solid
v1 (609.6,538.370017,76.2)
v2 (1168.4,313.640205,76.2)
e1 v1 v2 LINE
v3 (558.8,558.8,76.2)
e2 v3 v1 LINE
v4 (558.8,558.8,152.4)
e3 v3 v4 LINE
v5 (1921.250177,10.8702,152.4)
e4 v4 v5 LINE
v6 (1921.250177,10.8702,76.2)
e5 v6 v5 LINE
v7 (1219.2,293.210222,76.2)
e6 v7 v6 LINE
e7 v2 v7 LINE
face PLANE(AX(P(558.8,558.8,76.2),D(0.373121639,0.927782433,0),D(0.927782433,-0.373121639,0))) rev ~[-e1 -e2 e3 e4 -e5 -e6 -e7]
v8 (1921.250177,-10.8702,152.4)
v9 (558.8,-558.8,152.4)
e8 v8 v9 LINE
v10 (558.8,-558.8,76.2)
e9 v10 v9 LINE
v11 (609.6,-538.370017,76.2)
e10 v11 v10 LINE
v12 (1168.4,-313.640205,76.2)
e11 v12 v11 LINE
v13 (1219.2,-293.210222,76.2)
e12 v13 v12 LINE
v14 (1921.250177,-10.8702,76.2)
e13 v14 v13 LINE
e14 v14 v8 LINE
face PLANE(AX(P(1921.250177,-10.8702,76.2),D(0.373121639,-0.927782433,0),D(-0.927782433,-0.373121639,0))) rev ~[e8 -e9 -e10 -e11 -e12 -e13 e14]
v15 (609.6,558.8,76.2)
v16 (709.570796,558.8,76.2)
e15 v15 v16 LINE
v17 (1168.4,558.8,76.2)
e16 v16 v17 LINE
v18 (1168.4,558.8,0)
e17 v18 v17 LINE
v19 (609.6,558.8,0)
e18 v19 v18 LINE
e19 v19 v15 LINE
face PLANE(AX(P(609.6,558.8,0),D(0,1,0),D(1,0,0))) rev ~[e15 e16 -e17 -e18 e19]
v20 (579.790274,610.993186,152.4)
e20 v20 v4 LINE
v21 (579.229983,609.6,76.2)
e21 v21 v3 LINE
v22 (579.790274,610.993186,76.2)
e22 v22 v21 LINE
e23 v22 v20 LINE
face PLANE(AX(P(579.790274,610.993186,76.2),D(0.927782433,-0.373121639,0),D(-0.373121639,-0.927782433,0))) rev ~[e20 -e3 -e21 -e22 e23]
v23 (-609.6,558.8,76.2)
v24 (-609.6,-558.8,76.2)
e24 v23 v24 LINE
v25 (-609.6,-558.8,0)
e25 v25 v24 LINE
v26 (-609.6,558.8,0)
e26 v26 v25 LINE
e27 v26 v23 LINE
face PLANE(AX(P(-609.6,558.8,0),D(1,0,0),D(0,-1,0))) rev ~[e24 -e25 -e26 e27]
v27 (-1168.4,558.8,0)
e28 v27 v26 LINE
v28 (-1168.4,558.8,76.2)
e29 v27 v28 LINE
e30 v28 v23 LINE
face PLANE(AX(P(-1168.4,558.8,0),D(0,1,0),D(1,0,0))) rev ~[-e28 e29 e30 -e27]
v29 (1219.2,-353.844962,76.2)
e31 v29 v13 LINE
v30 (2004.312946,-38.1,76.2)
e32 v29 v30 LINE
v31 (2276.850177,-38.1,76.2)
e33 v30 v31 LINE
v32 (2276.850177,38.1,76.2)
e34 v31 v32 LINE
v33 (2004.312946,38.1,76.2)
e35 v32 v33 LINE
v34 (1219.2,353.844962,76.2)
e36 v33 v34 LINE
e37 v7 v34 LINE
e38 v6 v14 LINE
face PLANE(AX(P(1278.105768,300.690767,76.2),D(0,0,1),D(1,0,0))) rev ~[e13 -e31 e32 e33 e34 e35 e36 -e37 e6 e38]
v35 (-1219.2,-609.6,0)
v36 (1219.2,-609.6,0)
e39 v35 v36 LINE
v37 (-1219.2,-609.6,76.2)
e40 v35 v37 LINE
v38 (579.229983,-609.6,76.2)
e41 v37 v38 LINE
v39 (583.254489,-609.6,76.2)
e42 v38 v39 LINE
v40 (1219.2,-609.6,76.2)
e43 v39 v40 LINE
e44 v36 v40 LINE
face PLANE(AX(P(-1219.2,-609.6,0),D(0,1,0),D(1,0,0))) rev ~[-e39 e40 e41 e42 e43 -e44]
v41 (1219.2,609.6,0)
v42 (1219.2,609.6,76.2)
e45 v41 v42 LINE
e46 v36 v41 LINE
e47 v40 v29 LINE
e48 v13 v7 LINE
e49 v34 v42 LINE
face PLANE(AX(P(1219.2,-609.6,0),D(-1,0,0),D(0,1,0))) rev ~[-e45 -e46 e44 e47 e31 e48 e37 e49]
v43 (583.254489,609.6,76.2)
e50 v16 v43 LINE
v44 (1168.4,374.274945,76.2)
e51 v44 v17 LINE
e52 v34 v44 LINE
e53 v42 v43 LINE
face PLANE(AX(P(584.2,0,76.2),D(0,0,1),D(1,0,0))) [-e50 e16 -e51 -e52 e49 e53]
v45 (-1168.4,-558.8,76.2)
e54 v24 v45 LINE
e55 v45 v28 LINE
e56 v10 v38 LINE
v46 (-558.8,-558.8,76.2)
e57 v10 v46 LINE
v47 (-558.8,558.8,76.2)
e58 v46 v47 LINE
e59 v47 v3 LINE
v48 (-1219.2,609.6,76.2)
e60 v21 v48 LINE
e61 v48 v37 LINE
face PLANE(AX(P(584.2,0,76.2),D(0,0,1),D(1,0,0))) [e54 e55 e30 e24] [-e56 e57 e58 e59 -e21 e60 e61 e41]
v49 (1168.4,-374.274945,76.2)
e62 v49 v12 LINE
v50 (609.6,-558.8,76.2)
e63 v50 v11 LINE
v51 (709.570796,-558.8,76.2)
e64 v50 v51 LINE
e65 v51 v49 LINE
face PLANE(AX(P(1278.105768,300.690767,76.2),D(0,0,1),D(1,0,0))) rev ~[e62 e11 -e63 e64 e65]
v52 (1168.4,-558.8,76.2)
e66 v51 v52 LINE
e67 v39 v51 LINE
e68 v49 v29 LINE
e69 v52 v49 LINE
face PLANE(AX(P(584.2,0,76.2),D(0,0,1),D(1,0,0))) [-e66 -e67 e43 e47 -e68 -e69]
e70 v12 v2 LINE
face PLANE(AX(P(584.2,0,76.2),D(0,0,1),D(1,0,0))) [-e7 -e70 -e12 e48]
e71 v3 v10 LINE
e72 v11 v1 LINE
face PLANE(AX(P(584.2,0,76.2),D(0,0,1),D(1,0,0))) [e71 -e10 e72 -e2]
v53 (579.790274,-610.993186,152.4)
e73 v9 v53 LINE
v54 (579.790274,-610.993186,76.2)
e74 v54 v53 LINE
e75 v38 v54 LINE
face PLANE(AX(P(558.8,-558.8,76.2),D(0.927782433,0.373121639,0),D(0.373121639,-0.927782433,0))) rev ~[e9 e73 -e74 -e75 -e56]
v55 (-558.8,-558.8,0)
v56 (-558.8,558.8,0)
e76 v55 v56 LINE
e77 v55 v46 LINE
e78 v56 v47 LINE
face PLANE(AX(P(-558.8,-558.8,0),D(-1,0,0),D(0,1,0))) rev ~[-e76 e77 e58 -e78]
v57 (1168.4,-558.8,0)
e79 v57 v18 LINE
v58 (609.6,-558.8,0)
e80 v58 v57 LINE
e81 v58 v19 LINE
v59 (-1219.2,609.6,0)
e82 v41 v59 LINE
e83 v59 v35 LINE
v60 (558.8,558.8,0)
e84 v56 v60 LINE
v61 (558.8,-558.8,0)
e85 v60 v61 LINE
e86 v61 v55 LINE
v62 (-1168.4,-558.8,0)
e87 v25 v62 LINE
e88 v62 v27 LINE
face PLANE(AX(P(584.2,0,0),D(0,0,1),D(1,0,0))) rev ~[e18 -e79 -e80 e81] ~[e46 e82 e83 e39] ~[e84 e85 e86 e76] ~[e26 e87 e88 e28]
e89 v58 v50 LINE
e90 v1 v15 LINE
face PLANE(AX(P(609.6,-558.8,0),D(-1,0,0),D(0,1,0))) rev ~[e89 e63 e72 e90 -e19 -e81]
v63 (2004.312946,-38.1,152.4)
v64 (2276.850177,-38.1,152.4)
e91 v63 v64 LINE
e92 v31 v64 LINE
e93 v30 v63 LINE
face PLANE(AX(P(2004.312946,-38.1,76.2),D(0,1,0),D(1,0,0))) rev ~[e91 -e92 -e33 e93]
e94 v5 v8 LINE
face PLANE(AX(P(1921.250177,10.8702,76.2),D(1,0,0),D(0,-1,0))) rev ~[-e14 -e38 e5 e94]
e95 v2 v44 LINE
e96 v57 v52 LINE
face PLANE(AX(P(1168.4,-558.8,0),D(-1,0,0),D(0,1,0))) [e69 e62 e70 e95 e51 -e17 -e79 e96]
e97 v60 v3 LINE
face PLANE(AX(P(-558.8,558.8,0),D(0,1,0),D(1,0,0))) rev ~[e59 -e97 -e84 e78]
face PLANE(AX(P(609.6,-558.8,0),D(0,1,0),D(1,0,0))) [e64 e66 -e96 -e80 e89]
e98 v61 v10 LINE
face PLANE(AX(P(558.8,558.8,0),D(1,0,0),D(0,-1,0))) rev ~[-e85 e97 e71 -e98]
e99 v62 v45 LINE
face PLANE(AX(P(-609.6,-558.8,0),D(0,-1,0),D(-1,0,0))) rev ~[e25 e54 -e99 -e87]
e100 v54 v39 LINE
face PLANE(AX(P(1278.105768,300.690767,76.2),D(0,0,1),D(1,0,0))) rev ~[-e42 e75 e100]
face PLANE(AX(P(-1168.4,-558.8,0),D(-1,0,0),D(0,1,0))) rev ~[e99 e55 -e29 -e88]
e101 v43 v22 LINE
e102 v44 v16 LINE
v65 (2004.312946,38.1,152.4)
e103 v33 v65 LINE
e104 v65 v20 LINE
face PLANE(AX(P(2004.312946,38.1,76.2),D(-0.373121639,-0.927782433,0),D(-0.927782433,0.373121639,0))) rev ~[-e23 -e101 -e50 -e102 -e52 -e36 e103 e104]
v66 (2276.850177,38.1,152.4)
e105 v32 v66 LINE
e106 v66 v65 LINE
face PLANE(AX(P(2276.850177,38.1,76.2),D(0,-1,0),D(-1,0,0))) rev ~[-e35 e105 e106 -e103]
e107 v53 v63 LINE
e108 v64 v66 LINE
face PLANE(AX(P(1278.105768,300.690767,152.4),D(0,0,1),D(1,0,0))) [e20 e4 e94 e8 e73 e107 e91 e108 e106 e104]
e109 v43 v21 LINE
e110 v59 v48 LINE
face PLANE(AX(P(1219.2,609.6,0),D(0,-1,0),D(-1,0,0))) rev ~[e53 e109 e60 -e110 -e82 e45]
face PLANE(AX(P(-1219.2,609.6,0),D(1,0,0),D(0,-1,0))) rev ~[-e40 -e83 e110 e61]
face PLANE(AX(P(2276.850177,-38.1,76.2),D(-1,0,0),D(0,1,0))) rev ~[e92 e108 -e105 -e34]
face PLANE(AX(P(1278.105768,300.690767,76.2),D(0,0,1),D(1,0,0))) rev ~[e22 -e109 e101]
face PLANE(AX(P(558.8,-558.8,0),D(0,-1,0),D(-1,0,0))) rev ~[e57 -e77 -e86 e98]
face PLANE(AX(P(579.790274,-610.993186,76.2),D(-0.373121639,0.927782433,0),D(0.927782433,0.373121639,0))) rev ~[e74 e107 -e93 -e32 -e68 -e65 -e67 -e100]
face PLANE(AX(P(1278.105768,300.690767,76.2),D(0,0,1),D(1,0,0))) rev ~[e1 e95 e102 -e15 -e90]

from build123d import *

# Parameters (mm, degrees)
F0_W     = 50.8
F0_H     = 1117.6
F0_H_2   = 50.8
F0_W_2   = 558.8
F0_W_3   = 1117.6
F1_DEPTH = 76.2
F3_DEPTH = 76.2


with BuildPart() as f1:
    # F0 (on Top) → F1 (new body)
    with BuildSketch(Plane.XY):
        with Locations((584.2, 0)):
            Rectangle(F0_W, F0_H)
        with Locations((584.2, -584.2)):
            Rectangle(F0_W, F0_H_2)
        with Locations((889, -584.2)):
            Rectangle(F0_W_2, F0_H_2)
        with Locations((0, -584.2)):
            Rectangle(F0_W_3, F0_H_2)
        with Locations((-584.2, -584.2)):
            Rectangle(F0_W, F0_H_2)
        with Locations((-584.2, 0)):
            Rectangle(F0_W, F0_H)
        with Locations((-889, -584.2)):
            Rectangle(F0_W_2, F0_H_2)
        with Locations((-1193.8, -584.2)):
            Rectangle(F0_W, F0_H_2)
        with Locations((-1193.8, 0)):
            Rectangle(F0_W, F0_H)
        with Locations((-1193.8, 584.2)):
            Rectangle(F0_W, F0_H_2)
        with Locations((-889, 584.2)):
            Rectangle(F0_W_2, F0_H_2)
        with Locations((0, 584.2)):
            Rectangle(F0_W_3, F0_H_2)
        with Locations((-584.2, 584.2)):
            Rectangle(F0_W, F0_H_2)
        with Locations((584.2, 584.2)):
            Rectangle(F0_W, F0_H_2)
        with Locations((889, 584.2)):
            Rectangle(F0_W_2, F0_H_2)
        with Locations((1193.8, 584.2)):
            Rectangle(F0_W, F0_H_2)
        with Locations((1193.8, 0)):
            Rectangle(F0_W, F0_H)
        with Locations((1193.8, -584.2)):
            Rectangle(F0_W, F0_H_2)
    extrude(amount=F1_DEPTH)

    # F2 (on face) → F3 (join)
    with BuildSketch(Plane.XY.offset(76.2)):
        Polygon((579.7902736313, 610.9931861274), (558.8, 558.8), (1921.2501768745, 10.8702002789), (1921.2501768745, 38.1), (2004.3129463656, 38.1), align=None)
        Polygon((1921.2501768745, 38.1), (1921.2501768745, 10.8702002789), (1948.2793807983, 0), (1921.2501768745, -10.8702002789), (1921.2501768745, -38.1), (2004.3129463656, -38.1), (2099.0501768745, 0), (2004.3129463656, 38.1), align=None)
        Polygon((1948.2793807983, 0), (1921.2501768745, 10.8702002789), (1921.2501768745, -10.8702002789), align=None)
        Polygon((1921.2501768745, -38.1), (1921.2501768745, -10.8702002789), (558.8, -558.8), (579.7902736313, -610.9931861274), (2004.3129463656, -38.1), align=None)
        Polygon((2276.8501768745, 38.1), (2004.3129463656, 38.1), (2099.0501768745, 0), (2004.3129463656, -38.1), (2276.8501768745, -38.1), align=None)
    extrude(amount=F3_DEPTH)


solid = f1.part
